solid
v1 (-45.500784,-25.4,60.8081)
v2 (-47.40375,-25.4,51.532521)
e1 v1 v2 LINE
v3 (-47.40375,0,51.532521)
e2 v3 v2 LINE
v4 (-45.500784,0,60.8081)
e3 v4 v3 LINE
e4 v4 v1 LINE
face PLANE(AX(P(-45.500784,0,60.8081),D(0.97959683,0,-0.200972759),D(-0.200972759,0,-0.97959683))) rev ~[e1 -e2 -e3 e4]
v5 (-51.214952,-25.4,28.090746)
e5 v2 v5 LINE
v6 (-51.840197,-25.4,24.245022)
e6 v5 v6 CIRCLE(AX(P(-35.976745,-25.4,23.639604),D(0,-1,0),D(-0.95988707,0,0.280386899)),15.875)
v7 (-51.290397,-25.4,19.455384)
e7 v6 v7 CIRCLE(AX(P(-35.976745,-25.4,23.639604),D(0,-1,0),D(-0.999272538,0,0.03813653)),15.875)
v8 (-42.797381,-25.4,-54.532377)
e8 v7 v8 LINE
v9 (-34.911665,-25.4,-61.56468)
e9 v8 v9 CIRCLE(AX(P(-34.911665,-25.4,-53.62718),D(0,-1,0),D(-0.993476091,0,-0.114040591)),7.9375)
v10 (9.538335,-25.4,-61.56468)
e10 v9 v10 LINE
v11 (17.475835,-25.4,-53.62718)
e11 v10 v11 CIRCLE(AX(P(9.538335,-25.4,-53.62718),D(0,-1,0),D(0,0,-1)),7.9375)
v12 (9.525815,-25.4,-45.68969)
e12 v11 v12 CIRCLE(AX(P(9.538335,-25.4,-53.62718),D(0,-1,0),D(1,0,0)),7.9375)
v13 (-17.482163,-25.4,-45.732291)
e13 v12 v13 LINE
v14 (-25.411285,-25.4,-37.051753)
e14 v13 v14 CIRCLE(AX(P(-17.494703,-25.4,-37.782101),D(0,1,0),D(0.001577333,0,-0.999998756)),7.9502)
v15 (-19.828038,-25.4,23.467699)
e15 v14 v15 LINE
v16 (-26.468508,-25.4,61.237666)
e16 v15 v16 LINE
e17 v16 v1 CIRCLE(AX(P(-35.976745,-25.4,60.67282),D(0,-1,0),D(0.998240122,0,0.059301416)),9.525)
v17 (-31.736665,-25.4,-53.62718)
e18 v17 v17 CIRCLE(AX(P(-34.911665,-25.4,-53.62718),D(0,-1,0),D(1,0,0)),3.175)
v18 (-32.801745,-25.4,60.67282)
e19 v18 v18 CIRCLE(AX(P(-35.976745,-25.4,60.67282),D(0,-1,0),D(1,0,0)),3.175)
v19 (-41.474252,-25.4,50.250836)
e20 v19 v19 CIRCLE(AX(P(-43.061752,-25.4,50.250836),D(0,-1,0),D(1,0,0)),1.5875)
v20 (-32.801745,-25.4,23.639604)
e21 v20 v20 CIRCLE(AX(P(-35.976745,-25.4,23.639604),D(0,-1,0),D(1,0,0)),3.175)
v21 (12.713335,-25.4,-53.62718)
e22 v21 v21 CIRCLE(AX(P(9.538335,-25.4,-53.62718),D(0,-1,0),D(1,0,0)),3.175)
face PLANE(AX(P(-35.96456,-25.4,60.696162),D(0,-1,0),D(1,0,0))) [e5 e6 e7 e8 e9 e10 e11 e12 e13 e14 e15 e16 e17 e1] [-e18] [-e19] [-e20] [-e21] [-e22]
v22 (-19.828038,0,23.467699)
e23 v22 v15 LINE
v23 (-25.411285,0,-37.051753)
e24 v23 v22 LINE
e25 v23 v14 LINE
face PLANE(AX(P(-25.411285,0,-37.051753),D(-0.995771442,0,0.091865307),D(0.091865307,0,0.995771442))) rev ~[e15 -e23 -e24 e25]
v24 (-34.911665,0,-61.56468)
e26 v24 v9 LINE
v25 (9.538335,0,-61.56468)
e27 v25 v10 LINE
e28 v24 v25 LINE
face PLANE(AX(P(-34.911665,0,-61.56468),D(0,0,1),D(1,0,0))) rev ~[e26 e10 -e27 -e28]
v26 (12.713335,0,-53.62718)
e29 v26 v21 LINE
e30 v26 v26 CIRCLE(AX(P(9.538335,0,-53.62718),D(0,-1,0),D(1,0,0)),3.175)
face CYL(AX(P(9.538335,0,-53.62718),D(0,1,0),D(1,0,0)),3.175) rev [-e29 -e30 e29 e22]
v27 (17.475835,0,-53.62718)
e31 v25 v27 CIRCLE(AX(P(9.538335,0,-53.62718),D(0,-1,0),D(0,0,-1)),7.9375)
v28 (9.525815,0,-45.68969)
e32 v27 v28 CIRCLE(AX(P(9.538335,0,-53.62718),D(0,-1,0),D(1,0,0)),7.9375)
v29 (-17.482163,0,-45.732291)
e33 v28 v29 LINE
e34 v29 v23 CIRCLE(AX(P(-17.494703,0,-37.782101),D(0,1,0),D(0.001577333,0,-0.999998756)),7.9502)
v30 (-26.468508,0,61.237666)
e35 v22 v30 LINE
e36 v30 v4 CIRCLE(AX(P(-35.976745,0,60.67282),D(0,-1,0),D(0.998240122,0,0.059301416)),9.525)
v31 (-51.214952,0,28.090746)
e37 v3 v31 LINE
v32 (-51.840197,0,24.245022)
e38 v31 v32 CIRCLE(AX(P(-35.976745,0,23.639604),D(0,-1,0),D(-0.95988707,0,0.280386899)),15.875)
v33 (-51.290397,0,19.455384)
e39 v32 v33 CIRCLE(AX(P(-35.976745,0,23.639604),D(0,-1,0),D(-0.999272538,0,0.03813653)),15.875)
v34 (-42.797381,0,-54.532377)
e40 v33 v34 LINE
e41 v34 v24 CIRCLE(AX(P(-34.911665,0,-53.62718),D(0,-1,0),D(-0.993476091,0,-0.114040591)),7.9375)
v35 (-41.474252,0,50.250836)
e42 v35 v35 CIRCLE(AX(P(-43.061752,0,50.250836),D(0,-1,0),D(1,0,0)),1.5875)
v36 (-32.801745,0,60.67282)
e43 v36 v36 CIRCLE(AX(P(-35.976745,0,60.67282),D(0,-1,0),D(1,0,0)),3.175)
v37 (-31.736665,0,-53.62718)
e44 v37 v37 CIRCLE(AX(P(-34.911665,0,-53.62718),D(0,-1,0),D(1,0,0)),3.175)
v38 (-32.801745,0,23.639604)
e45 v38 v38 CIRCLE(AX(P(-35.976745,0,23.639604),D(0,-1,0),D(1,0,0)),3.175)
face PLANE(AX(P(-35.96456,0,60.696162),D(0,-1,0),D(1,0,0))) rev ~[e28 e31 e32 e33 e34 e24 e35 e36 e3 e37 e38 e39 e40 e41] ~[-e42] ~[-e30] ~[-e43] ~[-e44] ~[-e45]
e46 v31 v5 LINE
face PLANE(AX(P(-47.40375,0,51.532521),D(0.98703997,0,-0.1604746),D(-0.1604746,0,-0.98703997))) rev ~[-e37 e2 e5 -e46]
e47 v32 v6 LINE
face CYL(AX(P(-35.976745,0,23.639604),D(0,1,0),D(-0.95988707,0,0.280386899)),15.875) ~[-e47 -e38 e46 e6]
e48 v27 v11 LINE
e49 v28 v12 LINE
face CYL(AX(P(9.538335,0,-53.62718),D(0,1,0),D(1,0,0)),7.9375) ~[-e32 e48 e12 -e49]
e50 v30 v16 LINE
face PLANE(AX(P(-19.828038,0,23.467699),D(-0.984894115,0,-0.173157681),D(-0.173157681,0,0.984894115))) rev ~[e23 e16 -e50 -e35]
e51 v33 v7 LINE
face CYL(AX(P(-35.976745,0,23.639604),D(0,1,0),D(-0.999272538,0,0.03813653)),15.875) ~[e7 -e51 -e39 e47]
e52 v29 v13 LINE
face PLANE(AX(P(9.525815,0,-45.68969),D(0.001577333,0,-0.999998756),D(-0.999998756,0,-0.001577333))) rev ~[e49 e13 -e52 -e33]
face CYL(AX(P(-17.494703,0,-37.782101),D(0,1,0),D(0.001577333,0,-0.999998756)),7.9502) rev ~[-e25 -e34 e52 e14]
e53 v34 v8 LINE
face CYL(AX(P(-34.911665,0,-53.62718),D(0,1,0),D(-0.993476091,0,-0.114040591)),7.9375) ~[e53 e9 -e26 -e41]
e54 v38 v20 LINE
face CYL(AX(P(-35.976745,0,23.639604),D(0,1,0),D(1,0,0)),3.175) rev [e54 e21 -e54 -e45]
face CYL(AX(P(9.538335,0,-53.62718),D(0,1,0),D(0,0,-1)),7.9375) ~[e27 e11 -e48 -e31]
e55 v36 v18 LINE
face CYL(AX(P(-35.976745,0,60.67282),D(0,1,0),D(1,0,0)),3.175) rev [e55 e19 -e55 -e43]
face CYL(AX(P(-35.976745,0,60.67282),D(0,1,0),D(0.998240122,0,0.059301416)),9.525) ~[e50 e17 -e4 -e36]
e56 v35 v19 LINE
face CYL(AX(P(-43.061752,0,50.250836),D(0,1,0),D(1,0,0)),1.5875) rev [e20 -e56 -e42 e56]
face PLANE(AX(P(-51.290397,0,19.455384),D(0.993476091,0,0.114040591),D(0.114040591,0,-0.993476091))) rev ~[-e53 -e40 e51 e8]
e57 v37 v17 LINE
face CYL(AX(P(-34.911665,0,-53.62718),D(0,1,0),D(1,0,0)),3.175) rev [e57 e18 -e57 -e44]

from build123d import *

# Parameters (mm, degrees)
F0_R     = 3.175
F0_R_2   = 1.5875
F1_DEPTH = 25.4


with BuildPart() as f1:
    # F0 (on Front) → F1 (new body)
    with BuildSketch(Plane.XZ):
        with BuildLine():
            ThreePointArc((-45.5007844303, 60.8080998063), (-36.0443868716, 51.1480599459), (-26.4517451449, 60.6728197642))
            ThreePointArc((-26.4517451449, 60.6728197642), (-26.4559367756, 60.9553670958), (-26.4685079784, 61.2376657484))
            ThreePointArc((-26.4685079784, 61.2376657484), (-36.1916733919, 70.1953945656), (-45.5007844303, 60.8080998063))
        make_face()
        with Locations((-35.9767451449, 60.6728197642)):
            Circle(F0_R, mode=Mode.SUBTRACT)
        with BuildLine():
            ThreePointArc((-26.4685079784, 61.2376657484), (-26.4559367756, 60.9553670958), (-26.4517451449, 60.6728197642))
            ThreePointArc((-26.4517451449, 60.6728197642), (-36.0443868716, 51.1480599459), (-45.5007844303, 60.8080998063))
            Line((-45.5007844303, 60.8080998063), (-47.403749654, 51.5325208005))
            Line((-47.403749654, 51.5325208005), (-51.2149523807, 28.0907461253))
            ThreePointArc((-51.2149523807, 28.0907461253), (-35.1027744522, 39.4905283807), (-20.341551151, 26.3884827494))
            Line((-20.341551151, 26.3884827494), (-26.4685079784, 61.2376657484))
        make_face()
        with Locations((-43.0617518723, 50.2508357167)):
            Circle(F0_R_2, mode=Mode.SUBTRACT)
        with BuildLine():
            Line((-19.828037881, 23.4676986762), (-20.341551151, 26.3884827494))
            ThreePointArc((-20.341551151, 26.3884827494), (-20.1618102785, 25.0192635513), (-20.1017451449, 23.6396041102))
            ThreePointArc((-20.1017451449, 23.6396041102), (-33.8658914705, 7.9055670642), (-51.2903967059, 19.455383649))
            Line((-51.2903967059, 19.455383649), (-42.7973810445, -54.532377427))
            ThreePointArc((-42.7973810445, -54.532377427), (-35.3650031557, -45.702636692), (-26.9741645713, -53.6271802358))
            ThreePointArc((-26.9741645713, -53.6271802358), (-29.2990044956, -59.2398403115), (-34.9116645713, -61.5646802358))
            Line((-34.9116645713, -61.5646802358), (9.5383354287, -61.5646802358))
            ThreePointArc((9.5383354287, -61.5646802358), (1.6008378972, -53.6334402767), (9.5258153508, -45.68969011))
            Line((9.5258153508, -45.68969011), (-17.482162734, -45.7322907286))
            ThreePointArc((-17.482162734, -45.7322907286), (-23.3646605609, -43.1439357934), (-25.411284965, -37.0517530563))
            Line((-25.411284965, -37.0517530563), (-19.828037881, 23.4676986762))
        make_face()
        with BuildLine():
            ThreePointArc((-20.1017451449, 23.6396041102), (-20.1618102785, 25.0192635513), (-20.341551151, 26.3884827494))
            ThreePointArc((-20.341551151, 26.3884827494), (-35.1027744522, 39.4905283807), (-51.2149523807, 28.0907461253))
            Line((-51.2149523807, 28.0907461253), (-51.8401966847, 24.2450215226))
            Line((-51.8401966847, 24.2450215226), (-51.2903967059, 19.455383649))
            ThreePointArc((-51.2903967059, 19.455383649), (-33.8658914705, 7.9055670642), (-20.1017451449, 23.6396041102))
        make_face()
        with Locations((-35.9767451449, 23.6396041102)):
            Circle(F0_R, mode=Mode.SUBTRACT)
        with BuildLine():
            Line((-51.8401966847, 24.2450215226), (-51.2149523807, 28.0907461253))
            ThreePointArc((-51.2149523807, 28.0907461253), (-51.6460046704, 26.1871383928), (-51.8401966847, 24.2450215226))
        make_face()
        with BuildLine():
            ThreePointArc((-51.8401966847, 24.2450215226), (-51.7481780912, 21.8292097278), (-51.2903967059, 19.455383649))
            Line((-51.2903967059, 19.455383649), (-51.8401966847, 24.2450215226))
        make_face()
        with BuildLine():
            ThreePointArc((-26.9741645713, -53.6271802358), (-35.3650031557, -45.702636692), (-42.7973810445, -54.532377427))
            ThreePointArc((-42.7973810445, -54.532377427), (-40.1946042617, -59.5512375007), (-34.9116645713, -61.5646802358))
            ThreePointArc((-34.9116645713, -61.5646802358), (-29.2990044956, -59.2398403115), (-26.9741645713, -53.6271802358))
        make_face()
        with Locations((-34.9116645713, -53.6271802358)):
            Circle(F0_R, mode=Mode.SUBTRACT)
        with BuildLine():
            ThreePointArc((17.4758354287, -53.6271802358), (15.1465672415, -48.0100953883), (9.5258153508, -45.68969011))
            ThreePointArc((9.5258153508, -45.68969011), (1.6008378972, -53.6334402767), (9.5383354287, -61.5646802358))
            ThreePointArc((9.5383354287, -61.5646802358), (15.1509955044, -59.2398403115), (17.4758354287, -53.6271802358))
        make_face()
        with Locations((9.5383354287, -53.6271802358)):
            Circle(F0_R, mode=Mode.SUBTRACT)
    extrude(amount=F1_DEPTH)


solid = f1.part
